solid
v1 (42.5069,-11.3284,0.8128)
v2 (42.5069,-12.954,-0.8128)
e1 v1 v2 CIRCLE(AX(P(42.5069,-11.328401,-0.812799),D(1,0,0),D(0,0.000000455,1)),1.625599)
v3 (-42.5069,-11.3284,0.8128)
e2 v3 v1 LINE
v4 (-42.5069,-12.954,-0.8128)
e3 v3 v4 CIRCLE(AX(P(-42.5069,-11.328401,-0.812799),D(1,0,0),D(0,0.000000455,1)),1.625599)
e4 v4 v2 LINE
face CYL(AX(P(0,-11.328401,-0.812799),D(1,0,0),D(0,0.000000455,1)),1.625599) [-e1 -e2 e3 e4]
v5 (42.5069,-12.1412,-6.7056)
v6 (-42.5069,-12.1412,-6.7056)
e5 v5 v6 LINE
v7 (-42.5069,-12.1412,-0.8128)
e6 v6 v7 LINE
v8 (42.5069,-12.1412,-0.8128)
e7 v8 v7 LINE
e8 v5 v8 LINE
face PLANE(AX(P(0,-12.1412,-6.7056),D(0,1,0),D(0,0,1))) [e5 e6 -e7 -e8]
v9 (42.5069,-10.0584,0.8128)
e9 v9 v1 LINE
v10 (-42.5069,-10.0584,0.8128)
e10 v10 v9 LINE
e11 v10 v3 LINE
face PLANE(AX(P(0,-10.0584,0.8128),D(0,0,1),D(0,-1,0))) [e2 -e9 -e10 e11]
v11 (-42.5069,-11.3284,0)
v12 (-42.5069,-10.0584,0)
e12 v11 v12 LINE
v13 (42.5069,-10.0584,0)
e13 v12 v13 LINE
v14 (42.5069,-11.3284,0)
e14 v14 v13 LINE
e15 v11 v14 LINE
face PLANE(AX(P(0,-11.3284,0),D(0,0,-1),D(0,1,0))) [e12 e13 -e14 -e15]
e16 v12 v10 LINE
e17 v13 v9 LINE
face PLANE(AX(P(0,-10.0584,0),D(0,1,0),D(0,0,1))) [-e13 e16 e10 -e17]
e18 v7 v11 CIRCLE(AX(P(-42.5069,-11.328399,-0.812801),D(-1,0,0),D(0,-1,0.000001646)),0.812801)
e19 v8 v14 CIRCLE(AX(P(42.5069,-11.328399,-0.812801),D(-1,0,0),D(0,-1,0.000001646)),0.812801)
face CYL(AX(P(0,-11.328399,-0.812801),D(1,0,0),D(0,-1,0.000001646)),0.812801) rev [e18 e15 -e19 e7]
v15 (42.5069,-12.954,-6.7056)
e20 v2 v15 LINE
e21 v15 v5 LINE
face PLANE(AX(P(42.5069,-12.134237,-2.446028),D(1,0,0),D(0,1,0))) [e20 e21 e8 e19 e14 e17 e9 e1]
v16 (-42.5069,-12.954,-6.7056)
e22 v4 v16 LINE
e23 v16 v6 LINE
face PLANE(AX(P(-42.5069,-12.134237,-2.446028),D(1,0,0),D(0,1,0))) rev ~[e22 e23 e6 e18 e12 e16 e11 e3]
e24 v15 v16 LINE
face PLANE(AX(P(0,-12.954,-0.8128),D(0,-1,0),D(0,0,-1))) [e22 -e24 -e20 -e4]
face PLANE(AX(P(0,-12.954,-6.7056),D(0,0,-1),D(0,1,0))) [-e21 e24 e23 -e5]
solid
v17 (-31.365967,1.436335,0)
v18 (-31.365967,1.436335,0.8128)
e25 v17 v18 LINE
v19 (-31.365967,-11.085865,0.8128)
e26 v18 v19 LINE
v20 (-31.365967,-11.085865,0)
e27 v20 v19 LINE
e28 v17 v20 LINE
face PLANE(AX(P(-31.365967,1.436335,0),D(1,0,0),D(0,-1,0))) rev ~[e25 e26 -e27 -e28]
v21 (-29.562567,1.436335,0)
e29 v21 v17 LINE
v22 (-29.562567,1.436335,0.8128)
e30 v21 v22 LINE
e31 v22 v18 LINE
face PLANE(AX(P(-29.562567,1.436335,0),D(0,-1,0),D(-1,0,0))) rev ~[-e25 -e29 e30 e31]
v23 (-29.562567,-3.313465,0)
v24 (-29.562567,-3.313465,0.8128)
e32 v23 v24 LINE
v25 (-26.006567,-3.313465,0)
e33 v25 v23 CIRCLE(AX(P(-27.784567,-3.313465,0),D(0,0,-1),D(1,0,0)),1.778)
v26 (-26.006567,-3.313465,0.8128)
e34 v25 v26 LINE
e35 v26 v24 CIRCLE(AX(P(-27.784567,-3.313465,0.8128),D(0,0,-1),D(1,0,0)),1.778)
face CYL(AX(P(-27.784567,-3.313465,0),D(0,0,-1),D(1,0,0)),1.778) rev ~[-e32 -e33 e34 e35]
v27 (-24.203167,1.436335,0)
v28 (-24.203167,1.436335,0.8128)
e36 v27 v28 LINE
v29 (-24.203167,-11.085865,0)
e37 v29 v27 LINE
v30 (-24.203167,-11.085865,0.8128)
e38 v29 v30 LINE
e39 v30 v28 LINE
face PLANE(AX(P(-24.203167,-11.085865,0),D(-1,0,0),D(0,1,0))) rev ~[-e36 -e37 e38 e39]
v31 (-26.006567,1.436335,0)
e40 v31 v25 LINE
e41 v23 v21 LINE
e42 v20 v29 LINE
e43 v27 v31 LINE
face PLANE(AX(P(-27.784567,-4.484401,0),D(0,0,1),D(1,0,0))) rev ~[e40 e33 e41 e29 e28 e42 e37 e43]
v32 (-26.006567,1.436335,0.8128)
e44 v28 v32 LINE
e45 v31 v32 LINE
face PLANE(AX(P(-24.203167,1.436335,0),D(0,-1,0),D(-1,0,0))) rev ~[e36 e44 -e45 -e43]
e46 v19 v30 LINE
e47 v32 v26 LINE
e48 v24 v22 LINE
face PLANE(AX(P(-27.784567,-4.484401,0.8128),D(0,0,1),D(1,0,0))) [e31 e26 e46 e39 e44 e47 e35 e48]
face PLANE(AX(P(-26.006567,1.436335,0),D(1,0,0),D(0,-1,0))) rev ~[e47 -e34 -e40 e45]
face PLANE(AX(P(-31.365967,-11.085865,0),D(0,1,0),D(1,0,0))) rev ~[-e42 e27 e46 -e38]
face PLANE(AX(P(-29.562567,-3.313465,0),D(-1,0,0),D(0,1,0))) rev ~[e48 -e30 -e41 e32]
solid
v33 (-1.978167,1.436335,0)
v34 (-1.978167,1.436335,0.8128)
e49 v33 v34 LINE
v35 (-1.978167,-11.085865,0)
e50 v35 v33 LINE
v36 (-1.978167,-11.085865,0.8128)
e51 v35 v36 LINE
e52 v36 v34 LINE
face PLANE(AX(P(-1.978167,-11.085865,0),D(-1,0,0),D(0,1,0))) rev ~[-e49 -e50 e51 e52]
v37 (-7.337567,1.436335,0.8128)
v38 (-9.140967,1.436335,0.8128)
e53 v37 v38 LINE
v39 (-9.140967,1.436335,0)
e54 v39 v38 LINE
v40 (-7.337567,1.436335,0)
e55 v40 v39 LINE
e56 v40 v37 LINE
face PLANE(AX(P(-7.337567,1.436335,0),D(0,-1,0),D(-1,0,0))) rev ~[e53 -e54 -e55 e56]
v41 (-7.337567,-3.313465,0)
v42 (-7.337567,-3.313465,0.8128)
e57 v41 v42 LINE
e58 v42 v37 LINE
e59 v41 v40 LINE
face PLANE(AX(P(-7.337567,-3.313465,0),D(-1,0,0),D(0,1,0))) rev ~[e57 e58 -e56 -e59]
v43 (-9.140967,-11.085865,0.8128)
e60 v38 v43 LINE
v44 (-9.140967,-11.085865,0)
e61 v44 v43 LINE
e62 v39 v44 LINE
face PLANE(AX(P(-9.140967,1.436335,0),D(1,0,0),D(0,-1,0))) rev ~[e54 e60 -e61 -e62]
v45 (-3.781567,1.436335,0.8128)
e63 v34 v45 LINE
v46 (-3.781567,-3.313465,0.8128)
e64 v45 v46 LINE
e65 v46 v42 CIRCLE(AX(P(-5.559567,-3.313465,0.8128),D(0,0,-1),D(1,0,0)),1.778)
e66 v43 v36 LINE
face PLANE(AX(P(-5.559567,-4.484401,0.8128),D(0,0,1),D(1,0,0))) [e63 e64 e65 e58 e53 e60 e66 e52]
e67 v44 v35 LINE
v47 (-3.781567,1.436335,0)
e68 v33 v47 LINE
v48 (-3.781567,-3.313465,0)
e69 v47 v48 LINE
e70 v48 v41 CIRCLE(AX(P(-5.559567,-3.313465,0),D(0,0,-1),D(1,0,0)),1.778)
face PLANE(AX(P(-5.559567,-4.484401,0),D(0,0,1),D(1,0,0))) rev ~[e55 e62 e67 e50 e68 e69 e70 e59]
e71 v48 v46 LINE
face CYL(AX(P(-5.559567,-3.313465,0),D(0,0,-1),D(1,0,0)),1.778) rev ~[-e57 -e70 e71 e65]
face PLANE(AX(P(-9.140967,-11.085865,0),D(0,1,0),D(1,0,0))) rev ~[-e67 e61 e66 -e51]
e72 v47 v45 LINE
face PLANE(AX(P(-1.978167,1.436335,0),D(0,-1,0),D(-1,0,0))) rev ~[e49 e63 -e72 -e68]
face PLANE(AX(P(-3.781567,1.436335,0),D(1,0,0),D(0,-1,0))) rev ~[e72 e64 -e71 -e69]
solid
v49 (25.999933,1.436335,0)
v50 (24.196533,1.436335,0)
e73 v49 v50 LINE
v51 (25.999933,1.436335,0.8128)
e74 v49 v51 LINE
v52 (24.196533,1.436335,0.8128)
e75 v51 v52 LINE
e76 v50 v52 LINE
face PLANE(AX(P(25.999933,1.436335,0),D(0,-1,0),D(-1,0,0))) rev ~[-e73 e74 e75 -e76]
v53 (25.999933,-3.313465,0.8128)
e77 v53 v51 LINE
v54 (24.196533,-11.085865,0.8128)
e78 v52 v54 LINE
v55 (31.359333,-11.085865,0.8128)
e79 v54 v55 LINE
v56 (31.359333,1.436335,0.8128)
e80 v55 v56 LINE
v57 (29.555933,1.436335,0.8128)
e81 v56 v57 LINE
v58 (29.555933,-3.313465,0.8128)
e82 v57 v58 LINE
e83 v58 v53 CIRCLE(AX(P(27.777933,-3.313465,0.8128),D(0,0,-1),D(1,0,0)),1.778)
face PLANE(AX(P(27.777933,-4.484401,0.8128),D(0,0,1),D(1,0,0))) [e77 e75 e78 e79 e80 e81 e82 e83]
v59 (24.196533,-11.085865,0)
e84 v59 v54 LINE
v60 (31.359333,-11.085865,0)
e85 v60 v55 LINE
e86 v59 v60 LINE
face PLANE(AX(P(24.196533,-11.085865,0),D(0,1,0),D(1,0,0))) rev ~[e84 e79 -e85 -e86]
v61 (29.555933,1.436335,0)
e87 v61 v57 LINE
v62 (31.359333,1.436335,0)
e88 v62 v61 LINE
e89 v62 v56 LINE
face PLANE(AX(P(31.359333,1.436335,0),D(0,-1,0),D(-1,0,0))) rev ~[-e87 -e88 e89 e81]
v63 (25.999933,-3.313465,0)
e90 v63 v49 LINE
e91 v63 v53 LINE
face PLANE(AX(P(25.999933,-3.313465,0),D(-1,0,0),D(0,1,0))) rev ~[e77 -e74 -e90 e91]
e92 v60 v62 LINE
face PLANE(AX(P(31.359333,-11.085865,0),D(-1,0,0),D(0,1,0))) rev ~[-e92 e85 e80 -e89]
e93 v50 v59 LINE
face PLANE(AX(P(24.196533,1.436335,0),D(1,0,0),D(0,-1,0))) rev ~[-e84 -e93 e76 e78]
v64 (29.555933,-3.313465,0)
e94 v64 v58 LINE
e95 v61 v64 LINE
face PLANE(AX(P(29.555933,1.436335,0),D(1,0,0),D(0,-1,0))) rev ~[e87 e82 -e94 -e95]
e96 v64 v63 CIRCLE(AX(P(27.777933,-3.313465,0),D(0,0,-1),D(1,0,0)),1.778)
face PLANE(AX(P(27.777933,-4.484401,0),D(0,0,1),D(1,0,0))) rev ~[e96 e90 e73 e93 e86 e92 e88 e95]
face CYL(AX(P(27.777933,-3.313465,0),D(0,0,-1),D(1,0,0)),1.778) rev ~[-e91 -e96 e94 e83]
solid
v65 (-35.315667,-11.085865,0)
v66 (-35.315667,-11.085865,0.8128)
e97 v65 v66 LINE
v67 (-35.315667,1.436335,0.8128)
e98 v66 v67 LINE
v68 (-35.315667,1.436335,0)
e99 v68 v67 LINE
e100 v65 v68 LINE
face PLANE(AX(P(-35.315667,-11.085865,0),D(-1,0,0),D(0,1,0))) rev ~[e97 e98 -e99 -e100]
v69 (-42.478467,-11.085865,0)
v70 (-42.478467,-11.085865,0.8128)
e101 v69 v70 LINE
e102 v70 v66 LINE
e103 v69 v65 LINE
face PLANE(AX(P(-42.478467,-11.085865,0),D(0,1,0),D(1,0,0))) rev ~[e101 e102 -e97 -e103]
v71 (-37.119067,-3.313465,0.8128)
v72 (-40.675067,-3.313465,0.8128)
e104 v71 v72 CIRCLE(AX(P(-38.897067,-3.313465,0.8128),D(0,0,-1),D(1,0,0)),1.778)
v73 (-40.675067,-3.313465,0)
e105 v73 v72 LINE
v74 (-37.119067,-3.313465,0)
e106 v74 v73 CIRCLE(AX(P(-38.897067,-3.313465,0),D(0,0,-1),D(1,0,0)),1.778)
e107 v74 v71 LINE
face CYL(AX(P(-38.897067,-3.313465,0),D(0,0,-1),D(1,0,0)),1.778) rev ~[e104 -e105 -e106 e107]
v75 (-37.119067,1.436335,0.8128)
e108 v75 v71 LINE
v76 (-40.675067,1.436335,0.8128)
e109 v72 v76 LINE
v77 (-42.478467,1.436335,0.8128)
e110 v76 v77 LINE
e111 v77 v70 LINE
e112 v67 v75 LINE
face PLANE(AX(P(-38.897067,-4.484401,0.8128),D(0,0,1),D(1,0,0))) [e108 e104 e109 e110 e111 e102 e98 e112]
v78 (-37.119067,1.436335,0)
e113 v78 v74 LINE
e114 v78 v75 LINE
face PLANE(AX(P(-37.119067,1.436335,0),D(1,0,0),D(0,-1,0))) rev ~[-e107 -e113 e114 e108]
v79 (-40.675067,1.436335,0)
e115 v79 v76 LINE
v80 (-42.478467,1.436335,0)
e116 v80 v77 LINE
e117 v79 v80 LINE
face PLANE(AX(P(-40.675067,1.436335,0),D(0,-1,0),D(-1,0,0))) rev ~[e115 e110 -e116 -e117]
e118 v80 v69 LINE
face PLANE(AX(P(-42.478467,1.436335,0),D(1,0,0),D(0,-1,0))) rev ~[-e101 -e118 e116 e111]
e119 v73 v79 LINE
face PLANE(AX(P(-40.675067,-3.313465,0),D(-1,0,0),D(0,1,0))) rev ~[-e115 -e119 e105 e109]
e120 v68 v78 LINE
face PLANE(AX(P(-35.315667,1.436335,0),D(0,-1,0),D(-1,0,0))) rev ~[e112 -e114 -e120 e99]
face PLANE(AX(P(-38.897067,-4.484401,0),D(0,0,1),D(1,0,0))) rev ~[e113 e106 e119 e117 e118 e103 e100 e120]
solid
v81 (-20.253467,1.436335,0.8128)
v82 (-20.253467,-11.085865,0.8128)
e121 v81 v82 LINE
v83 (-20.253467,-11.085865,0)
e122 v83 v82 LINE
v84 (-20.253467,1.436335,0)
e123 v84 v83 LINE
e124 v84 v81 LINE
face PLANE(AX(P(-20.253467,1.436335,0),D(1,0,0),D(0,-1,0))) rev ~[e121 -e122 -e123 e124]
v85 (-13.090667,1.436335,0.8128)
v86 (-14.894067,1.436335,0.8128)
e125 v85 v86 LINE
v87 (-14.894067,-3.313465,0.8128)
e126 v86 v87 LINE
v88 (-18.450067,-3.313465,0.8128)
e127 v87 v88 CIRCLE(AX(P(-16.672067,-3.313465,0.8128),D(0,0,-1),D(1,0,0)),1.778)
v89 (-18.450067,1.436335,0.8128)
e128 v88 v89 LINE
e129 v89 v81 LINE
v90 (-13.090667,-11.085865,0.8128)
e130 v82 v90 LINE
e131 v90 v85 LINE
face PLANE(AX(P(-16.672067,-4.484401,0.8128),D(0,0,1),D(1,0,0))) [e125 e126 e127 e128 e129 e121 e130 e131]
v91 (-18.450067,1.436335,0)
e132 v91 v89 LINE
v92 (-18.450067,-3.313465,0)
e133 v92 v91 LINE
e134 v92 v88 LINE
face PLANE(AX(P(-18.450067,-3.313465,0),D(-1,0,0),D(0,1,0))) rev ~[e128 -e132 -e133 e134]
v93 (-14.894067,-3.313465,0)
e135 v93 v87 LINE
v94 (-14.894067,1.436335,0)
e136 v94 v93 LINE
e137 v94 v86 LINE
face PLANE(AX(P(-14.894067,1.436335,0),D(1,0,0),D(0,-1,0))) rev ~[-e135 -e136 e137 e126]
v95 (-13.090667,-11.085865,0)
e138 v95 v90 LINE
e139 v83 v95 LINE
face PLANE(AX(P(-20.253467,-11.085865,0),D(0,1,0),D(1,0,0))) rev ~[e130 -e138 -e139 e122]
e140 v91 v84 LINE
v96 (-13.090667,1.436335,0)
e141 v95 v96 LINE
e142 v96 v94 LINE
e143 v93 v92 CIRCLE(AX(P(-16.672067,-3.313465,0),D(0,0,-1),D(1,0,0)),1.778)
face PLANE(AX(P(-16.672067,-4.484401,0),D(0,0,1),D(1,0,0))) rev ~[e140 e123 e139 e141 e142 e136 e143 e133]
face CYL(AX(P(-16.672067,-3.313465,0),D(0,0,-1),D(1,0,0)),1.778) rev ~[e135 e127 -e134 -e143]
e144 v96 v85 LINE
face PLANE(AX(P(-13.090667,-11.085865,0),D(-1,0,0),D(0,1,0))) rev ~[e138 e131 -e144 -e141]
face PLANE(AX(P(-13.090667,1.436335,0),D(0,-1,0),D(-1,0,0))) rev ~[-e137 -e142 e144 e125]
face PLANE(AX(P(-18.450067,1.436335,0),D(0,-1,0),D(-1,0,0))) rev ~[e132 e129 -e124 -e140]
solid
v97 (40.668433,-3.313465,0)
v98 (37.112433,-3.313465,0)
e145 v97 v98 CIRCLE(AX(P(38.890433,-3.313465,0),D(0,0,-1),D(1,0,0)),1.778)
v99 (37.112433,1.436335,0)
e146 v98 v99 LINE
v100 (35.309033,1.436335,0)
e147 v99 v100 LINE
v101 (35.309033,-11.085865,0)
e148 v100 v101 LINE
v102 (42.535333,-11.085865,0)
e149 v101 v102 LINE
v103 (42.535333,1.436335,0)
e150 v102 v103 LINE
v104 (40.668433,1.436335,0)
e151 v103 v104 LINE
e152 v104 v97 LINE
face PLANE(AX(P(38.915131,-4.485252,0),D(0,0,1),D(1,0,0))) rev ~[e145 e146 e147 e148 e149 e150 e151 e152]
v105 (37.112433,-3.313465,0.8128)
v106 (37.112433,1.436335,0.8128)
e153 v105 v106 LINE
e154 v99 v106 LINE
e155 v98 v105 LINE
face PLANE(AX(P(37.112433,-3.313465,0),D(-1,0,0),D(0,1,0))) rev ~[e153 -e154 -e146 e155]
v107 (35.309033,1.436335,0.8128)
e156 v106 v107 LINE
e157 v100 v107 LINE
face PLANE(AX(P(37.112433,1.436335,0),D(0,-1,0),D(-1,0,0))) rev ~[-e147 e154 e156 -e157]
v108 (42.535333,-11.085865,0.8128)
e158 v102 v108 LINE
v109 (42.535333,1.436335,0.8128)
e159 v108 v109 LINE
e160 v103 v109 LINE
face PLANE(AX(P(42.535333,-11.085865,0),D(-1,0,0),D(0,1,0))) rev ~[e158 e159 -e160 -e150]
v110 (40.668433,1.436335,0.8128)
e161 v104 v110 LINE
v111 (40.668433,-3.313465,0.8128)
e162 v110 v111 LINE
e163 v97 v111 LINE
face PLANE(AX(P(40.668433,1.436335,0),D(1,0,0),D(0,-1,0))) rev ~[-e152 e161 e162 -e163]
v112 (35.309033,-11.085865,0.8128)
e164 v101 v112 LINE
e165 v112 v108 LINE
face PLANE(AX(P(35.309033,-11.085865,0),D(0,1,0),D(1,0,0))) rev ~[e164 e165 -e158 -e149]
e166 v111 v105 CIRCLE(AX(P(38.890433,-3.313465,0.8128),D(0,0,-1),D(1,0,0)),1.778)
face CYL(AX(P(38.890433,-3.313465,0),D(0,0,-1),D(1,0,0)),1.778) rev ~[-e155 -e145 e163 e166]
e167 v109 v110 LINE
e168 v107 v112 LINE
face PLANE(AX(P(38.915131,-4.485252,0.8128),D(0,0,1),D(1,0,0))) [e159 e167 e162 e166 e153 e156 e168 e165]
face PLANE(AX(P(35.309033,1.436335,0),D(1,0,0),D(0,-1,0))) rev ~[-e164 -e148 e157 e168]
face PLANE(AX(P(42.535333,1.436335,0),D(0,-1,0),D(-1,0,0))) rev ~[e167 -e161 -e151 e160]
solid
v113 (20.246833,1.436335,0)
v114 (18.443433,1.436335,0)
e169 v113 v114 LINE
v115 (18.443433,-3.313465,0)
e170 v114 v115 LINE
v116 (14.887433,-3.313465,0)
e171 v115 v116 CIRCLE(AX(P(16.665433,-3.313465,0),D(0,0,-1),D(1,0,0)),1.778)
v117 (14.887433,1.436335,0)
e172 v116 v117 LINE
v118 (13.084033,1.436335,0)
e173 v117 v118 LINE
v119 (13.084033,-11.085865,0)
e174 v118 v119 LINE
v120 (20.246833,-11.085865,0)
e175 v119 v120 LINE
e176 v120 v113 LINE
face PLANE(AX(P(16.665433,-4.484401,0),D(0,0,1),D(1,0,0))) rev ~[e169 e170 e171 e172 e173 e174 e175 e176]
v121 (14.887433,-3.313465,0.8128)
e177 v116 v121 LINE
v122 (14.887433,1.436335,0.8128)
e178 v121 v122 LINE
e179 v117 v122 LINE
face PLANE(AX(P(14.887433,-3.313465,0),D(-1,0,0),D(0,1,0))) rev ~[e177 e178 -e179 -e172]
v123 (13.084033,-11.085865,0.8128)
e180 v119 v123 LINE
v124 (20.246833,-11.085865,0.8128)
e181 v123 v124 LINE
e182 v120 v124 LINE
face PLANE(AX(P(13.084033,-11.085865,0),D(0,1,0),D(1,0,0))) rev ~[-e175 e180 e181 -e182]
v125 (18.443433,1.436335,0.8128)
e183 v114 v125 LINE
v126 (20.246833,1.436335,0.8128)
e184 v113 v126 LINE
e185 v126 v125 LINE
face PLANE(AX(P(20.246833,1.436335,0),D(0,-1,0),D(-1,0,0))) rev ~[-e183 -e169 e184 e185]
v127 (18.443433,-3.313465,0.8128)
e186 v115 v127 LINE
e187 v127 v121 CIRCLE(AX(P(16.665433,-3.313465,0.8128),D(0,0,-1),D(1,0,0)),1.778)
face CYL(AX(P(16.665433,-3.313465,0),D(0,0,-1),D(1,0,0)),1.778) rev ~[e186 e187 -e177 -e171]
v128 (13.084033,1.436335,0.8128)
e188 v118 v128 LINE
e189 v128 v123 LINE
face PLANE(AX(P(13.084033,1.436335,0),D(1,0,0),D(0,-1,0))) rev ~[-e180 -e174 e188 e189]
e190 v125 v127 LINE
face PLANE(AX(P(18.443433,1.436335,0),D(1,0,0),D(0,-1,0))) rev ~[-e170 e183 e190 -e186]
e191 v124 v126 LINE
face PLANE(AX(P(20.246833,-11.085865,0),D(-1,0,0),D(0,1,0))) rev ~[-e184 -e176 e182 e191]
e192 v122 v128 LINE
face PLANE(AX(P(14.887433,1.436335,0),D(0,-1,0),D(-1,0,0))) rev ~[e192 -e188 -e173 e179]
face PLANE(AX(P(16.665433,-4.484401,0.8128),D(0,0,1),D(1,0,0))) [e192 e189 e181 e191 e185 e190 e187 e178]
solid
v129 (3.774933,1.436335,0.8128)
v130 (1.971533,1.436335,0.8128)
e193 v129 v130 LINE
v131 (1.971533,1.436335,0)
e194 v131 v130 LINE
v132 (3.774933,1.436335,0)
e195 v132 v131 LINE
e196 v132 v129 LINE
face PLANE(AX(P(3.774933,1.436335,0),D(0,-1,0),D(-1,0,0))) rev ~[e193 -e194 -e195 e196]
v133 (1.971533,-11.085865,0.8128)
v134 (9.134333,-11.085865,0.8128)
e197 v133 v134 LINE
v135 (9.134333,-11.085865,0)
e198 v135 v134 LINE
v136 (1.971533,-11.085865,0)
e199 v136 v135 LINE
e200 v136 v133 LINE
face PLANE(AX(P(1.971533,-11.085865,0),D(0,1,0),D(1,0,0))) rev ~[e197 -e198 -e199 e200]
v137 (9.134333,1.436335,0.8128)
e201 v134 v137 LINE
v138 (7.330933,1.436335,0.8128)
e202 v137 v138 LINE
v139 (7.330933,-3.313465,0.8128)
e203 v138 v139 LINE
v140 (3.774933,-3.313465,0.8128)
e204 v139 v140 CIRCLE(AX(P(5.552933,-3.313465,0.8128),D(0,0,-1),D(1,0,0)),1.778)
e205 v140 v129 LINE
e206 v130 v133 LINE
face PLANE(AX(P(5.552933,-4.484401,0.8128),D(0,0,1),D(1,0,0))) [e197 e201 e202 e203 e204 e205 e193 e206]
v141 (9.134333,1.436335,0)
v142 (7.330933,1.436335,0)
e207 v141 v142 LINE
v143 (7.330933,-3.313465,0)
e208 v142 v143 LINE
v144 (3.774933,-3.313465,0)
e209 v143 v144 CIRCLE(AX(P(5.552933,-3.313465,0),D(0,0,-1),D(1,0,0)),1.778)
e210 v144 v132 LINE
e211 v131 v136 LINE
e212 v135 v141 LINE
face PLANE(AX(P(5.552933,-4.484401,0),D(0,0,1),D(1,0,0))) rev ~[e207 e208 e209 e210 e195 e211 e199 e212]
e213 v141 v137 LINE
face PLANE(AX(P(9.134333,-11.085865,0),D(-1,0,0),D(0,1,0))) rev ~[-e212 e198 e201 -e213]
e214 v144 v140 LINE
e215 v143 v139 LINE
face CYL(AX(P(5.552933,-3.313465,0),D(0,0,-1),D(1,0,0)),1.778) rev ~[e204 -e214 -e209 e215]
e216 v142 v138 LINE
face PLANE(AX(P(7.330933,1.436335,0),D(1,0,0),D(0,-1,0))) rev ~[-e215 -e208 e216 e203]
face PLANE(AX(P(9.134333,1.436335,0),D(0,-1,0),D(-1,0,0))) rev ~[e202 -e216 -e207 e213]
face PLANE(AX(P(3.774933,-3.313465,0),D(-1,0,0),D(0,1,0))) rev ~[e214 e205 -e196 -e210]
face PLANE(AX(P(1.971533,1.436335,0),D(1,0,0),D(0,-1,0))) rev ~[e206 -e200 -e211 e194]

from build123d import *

# Parameters (mm, degrees)
F2_DEPTH = 0.8128
F3_DEPTH = 42.5069


with BuildPart() as f2:
    # F0 (on Top) → F2 (new body)
    with BuildSketch(Plane.XY):
        with BuildLine():
            Line((-40.675067, 1.436335), (-42.478467, 1.436335))
            Line((-42.478467, 1.436335), (-42.478467, -11.085865))
            Line((-42.478467, -11.085865), (-35.315667, -11.085865))
            Line((-35.315667, -11.085865), (-35.315667, 1.436335))
            Line((-35.315667, 1.436335), (-37.119067, 1.436335))
            Line((-37.119067, 1.436335), (-37.119067, -3.313465))
            ThreePointArc((-37.119067, -3.313465), (-38.897067, -5.091465), (-40.675067, -3.313465))
            Line((-40.675067, -3.313465), (-40.675067, 1.436335))
        make_face()
        with BuildLine():
            Line((35.309033, 1.436335), (35.309033, -11.085865))
            Line((35.309033, -11.085865), (42.535333, -11.085865))
            Line((42.535333, -11.085865), (42.535333, 1.436335))
            Line((42.535333, 1.436335), (40.668433, 1.436335))
            Line((40.668433, 1.436335), (40.668433, -3.313465))
            ThreePointArc((40.668433, -3.313465), (38.890433, -5.091465), (37.112433, -3.313465))
            Line((37.112433, -3.313465), (37.112433, 1.436335))
            Line((37.112433, 1.436335), (35.309033, 1.436335))
        make_face()
        with BuildLine():
            Line((24.196533, 1.436335), (24.196533, -11.085865))
            Line((24.196533, -11.085865), (31.359333, -11.085865))
            Line((31.359333, -11.085865), (31.359333, 1.436335))
            Line((31.359333, 1.436335), (29.555933, 1.436335))
            Line((29.555933, 1.436335), (29.555933, -3.313465))
            ThreePointArc((29.555933, -3.313465), (27.777933, -5.091465), (25.999933, -3.313465))
            Line((25.999933, -3.313465), (25.999933, 1.436335))
            Line((25.999933, 1.436335), (24.196533, 1.436335))
        make_face()
        with BuildLine():
            Line((13.084033, 1.436335), (13.084033, -11.085865))
            Line((13.084033, -11.085865), (20.246833, -11.085865))
            Line((20.246833, -11.085865), (20.246833, 1.436335))
            Line((20.246833, 1.436335), (18.443433, 1.436335))
            Line((18.443433, 1.436335), (18.443433, -3.313465))
            ThreePointArc((18.443433, -3.313465), (16.665433, -5.091465), (14.887433, -3.313465))
            Line((14.887433, -3.313465), (14.887433, 1.436335))
            Line((14.887433, 1.436335), (13.084033, 1.436335))
        make_face()
        with BuildLine():
            Line((1.971533, 1.436335), (1.971533, -11.085865))
            Line((1.971533, -11.085865), (9.134333, -11.085865))
            Line((9.134333, -11.085865), (9.134333, 1.436335))
            Line((9.134333, 1.436335), (7.330933, 1.436335))
            Line((7.330933, 1.436335), (7.330933, -3.313465))
            ThreePointArc((7.330933, -3.313465), (5.552933, -5.091465), (3.774933, -3.313465))
            Line((3.774933, -3.313465), (3.774933, 1.436335))
            Line((3.774933, 1.436335), (1.971533, 1.436335))
        make_face()
        with BuildLine():
            Line((-9.140967, 1.436335), (-9.140967, -11.085865))
            Line((-9.140967, -11.085865), (-1.978167, -11.085865))
            Line((-1.978167, -11.085865), (-1.978167, 1.436335))
            Line((-1.978167, 1.436335), (-3.781567, 1.436335))
            Line((-3.781567, 1.436335), (-3.781567, -3.313465))
            ThreePointArc((-3.781567, -3.313465), (-5.559567, -5.091465), (-7.337567, -3.313465))
            Line((-7.337567, -3.313465), (-7.337567, 1.436335))
            Line((-7.337567, 1.436335), (-9.140967, 1.436335))
        make_face()
        with BuildLine():
            Line((-20.253467, 1.436335), (-20.253467, -11.085865))
            Line((-20.253467, -11.085865), (-13.090667, -11.085865))
            Line((-13.090667, -11.085865), (-13.090667, 1.436335))
            Line((-13.090667, 1.436335), (-14.894067, 1.436335))
            Line((-14.894067, 1.436335), (-14.894067, -3.313465))
            ThreePointArc((-14.894067, -3.313465), (-16.672067, -5.091465), (-18.450067, -3.313465))
            Line((-18.450067, -3.313465), (-18.450067, 1.436335))
            Line((-18.450067, 1.436335), (-20.253467, 1.436335))
        make_face()
        with BuildLine():
            Line((-31.365967, 1.436335), (-31.365967, -11.085865))
            Line((-31.365967, -11.085865), (-24.203167, -11.085865))
            Line((-24.203167, -11.085865), (-24.203167, 1.436335))
            Line((-24.203167, 1.436335), (-26.006567, 1.436335))
            Line((-26.006567, 1.436335), (-26.006567, -3.313465))
            ThreePointArc((-26.006567, -3.313465), (-27.784567, -5.091465), (-29.562567, -3.313465))
            Line((-29.562567, -3.313465), (-29.562567, 1.436335))
            Line((-29.562567, 1.436335), (-31.365967, 1.436335))
        make_face()
    extrude(amount=F2_DEPTH)


with BuildPart() as f3:
    # F1 (on Right) → F3 (new body, symmetric)
    with BuildSketch(Plane.YZ):
        with BuildLine():
            ThreePointArc((-12.1412, -0.8128), (-11.903136, -0.238064), (-11.3284, 0))
            Line((-11.3284, 0), (-10.0584, 0))
            Line((-10.0584, 0), (-10.0584, 0.8128))
            Line((-10.0584, 0.8128), (-11.3284, 0.8128))
            ThreePointArc((-11.3284, 0.8128), (-12.477873, 0.336673), (-12.954, -0.8128))
            Line((-12.954, -0.8128), (-12.954, -6.7056))
            Line((-12.954, -6.7056), (-12.1412, -6.7056))
            Line((-12.1412, -6.7056), (-12.1412, -0.8128))
        make_face()
    extrude(amount=F3_DEPTH, both=True)


solid = Compound([f2.part, f3.part])
